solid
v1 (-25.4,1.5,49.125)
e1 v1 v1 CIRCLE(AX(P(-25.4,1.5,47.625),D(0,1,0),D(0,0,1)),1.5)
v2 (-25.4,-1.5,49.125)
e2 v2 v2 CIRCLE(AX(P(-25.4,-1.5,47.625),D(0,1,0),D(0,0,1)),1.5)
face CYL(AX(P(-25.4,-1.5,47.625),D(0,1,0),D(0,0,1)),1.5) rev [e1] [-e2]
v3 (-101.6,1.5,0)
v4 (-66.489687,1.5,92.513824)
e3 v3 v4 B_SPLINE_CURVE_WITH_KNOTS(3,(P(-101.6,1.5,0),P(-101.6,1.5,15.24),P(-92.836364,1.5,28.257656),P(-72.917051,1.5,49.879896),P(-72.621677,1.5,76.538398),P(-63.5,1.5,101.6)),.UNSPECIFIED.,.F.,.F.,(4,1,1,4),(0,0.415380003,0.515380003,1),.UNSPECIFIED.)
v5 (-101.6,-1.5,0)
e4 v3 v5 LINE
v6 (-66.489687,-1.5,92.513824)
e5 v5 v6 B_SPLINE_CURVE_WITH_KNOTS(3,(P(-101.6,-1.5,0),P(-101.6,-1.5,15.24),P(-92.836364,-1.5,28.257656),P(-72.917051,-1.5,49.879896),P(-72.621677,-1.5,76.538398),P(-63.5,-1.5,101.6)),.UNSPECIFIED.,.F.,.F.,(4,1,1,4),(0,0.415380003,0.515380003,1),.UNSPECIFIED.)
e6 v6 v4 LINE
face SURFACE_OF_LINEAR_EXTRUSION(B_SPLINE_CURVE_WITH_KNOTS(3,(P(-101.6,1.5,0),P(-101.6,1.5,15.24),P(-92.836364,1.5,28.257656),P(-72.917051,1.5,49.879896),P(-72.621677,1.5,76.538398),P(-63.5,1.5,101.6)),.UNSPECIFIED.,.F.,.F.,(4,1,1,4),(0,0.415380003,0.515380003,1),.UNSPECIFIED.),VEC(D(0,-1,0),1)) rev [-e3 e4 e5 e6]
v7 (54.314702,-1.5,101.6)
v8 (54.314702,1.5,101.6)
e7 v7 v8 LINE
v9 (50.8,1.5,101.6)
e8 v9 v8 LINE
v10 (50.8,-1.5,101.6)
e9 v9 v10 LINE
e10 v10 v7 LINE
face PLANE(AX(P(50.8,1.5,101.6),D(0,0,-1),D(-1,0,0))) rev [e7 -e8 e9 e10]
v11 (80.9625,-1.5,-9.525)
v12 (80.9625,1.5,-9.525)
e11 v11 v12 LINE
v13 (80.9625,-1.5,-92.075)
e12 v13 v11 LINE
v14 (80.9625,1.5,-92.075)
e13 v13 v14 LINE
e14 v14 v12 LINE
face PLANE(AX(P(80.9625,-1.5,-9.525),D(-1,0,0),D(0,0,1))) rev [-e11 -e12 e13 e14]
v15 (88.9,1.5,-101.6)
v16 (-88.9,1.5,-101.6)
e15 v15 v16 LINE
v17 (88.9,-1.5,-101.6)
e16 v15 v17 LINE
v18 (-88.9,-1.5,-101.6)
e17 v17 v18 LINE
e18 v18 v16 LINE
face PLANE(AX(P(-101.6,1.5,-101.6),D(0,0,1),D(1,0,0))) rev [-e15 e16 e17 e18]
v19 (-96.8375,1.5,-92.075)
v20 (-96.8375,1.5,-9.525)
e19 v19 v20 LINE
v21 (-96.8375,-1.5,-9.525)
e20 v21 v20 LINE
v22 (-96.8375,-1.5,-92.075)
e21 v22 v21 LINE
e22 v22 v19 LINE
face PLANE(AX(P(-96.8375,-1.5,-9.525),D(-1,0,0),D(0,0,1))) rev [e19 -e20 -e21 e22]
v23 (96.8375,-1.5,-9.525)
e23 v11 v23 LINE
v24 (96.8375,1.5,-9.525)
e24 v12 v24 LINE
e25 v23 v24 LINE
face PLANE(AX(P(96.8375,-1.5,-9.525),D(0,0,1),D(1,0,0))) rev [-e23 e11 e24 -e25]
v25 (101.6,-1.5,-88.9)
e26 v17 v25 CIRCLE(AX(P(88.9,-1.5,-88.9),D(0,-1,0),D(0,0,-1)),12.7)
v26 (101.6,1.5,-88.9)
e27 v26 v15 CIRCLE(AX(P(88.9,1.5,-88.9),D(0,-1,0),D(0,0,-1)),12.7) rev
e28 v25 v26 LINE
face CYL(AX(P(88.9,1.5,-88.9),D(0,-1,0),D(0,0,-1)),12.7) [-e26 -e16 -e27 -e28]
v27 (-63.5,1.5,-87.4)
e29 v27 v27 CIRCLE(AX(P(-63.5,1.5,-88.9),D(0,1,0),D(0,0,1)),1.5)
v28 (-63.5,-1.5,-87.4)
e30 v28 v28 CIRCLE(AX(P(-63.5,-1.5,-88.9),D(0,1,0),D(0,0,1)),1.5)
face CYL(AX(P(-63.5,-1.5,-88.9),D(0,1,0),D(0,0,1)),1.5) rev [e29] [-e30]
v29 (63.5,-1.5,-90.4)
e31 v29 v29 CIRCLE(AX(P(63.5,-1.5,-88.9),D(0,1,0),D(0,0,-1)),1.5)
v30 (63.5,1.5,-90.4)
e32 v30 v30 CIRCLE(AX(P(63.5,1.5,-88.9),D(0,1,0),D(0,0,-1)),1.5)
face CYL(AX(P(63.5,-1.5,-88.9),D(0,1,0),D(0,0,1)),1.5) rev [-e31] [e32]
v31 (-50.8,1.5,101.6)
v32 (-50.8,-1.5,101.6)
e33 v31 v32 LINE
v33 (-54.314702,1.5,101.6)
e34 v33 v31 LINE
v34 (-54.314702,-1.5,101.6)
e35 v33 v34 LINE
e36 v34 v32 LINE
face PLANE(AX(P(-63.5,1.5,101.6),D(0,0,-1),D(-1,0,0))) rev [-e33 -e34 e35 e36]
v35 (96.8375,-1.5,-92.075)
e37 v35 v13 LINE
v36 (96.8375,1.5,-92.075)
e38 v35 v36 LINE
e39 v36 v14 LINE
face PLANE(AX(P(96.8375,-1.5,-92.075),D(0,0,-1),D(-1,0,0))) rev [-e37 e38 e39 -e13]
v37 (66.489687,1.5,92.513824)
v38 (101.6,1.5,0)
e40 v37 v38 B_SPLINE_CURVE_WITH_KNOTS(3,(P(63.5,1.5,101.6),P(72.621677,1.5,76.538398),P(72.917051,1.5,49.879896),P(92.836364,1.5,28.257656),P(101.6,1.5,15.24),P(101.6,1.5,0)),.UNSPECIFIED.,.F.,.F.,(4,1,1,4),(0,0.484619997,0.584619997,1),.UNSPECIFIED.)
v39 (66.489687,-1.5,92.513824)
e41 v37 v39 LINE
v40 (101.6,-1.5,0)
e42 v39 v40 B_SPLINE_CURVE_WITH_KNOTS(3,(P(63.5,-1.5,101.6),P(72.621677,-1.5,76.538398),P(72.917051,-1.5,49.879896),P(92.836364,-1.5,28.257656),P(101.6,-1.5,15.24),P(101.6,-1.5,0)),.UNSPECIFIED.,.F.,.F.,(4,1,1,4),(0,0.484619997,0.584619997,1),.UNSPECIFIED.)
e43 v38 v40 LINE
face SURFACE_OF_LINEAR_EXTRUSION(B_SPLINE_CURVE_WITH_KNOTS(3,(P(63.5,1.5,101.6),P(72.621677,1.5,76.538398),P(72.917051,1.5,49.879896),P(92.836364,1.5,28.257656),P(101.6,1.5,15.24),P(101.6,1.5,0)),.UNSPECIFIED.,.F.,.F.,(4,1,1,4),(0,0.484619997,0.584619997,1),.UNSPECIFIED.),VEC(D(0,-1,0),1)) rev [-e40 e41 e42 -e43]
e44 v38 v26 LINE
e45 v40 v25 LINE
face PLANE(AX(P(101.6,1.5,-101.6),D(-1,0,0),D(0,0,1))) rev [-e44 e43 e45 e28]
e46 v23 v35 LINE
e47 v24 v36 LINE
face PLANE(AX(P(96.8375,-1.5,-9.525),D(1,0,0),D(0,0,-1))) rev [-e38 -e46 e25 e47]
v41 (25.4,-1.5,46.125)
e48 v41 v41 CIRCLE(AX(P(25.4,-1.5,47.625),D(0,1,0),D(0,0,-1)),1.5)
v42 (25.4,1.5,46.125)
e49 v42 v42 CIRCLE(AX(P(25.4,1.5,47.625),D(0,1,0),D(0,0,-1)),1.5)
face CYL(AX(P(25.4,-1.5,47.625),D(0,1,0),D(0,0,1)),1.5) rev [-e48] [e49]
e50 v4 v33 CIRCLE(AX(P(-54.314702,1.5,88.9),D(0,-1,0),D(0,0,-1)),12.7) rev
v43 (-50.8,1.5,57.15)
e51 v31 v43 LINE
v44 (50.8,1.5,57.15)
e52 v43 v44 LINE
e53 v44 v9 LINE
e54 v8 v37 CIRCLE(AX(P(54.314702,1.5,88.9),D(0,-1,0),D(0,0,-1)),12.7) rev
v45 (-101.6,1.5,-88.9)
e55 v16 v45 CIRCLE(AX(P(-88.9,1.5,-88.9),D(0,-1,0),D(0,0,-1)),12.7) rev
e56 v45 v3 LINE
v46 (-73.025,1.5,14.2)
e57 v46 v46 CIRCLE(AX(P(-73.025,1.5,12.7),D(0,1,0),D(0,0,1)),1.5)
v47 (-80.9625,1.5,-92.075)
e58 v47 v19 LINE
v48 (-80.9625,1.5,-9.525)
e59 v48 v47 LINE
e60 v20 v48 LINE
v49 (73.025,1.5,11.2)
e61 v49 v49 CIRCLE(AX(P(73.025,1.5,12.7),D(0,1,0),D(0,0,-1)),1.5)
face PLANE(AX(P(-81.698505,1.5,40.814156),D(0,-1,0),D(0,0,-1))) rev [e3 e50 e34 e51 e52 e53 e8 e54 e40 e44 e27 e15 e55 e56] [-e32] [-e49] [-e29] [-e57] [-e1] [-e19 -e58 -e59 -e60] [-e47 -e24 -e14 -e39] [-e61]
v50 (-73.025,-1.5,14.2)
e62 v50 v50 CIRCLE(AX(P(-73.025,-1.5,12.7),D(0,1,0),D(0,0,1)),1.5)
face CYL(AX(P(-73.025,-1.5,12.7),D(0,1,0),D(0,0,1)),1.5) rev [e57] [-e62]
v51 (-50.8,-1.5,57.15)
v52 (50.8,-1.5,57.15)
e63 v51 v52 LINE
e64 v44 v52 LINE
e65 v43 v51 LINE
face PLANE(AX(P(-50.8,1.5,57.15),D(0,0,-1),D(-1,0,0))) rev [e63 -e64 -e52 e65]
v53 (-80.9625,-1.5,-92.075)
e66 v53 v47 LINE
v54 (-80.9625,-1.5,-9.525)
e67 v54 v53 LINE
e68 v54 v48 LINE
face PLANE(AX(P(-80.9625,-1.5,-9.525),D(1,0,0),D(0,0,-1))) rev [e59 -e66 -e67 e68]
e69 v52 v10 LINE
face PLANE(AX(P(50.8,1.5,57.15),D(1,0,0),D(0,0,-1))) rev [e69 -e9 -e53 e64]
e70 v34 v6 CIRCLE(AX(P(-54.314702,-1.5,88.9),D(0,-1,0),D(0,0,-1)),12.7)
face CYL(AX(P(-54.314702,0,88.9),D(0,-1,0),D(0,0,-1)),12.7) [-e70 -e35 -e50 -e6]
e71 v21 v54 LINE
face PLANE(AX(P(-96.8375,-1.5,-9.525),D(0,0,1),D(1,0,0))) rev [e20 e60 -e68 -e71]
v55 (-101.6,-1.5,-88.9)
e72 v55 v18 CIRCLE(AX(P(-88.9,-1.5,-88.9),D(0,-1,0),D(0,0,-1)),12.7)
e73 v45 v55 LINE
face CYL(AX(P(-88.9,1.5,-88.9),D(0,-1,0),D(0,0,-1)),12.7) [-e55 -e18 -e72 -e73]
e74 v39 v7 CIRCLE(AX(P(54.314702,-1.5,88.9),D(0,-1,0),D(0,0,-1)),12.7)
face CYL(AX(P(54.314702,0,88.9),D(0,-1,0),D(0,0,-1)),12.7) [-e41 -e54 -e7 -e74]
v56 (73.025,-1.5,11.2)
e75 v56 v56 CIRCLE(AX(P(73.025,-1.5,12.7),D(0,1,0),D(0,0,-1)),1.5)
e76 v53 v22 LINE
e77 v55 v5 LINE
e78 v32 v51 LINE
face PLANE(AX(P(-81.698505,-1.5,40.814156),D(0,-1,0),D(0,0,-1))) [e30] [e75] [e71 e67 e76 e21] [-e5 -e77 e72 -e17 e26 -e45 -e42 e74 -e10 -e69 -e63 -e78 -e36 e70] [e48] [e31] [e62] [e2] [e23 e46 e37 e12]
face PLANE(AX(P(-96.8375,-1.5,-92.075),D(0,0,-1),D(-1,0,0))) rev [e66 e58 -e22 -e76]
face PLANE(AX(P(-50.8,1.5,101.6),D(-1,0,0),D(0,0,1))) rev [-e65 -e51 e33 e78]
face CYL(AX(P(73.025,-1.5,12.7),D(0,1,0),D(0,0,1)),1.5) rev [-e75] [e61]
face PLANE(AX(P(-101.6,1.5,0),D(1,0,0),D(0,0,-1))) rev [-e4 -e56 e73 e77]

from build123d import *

# Parameters (mm, degrees)
BOSS_EXTRUDE1_DEPTH = 1.5
SKETCH3_R           = 1.5
SKETCH3_W           = 15.875
SKETCH3_H           = 82.55
CUT_EXTRUDE1_DEPTH  = 144.715413374
FILLET1_R           = 12.7


with BuildPart() as part:
    # Sketch1 → Boss-Extrude1 (new, symmetric)
    with BuildSketch(Plane(origin=(0, 0, 0), x_dir=(1, 0, 0), z_dir=(0, 1, 0))):
        with BuildLine():
            Line((-101.6, 0), (-101.6, 101.6))
            Line((-101.6, 101.6), (101.6, 101.6))
            Line((101.6, 101.6), (101.6, 0))
            add(Edge.make_bspline(
                [(101.6, 0), (101.6, -15.24), (92.836364207, -28.257655975), (72.917051275, -49.879895788), (72.621677222, -76.538397804), (63.5, -101.6)],
                knots=[0, 0, 0, 0, 0.415380003, 0.515380003, 1, 1, 1, 1], degree=3))
            Line((63.5, -101.6), (50.8, -101.6))
            Line((50.8, -101.6), (50.8, -57.15))
            Line((50.8, -57.15), (-50.8, -57.15))
            Line((-50.8, -57.15), (-50.8, -101.6))
            Line((-50.8, -101.6), (-63.5, -101.6))
            add(Edge.make_bspline(
                [(-101.6, 0), (-101.6, -15.24), (-92.836364207, -28.257655975), (-72.917051275, -49.879895788), (-72.621677222, -76.538397804), (-63.5, -101.6)],
                knots=[0, 0, 0, 0, 0.415380003, 0.515380003, 1, 1, 1, 1], degree=3))
        make_face()
    extrude(amount=BOSS_EXTRUDE1_DEPTH, both=True)

    # Sketch3 → Cut-Extrude1 (cut, through all)
    with BuildSketch(Plane(origin=(0, 1.5, 0), x_dir=(1, 0, 0), z_dir=(0, 1, 0))):
        with Locations((-63.499999999, 88.9)):
            Circle(SKETCH3_R)
        with Locations((-73.024999999, -12.7)):
            Circle(SKETCH3_R)
        with Locations((-25.399999999, -47.625)):
            Circle(SKETCH3_R)
        with Locations((25.399999999, -47.625)):
            Circle(SKETCH3_R)
        with Locations((73.024999999, -12.7)):
            Circle(SKETCH3_R)
        with Locations((63.499999999, 88.9)):
            Circle(SKETCH3_R)
        with Locations((-88.9, 50.8)):
            Rectangle(SKETCH3_W, SKETCH3_H)
        with Locations((88.9, 50.8)):
            Rectangle(SKETCH3_W, SKETCH3_H)
    extrude(amount=-CUT_EXTRUDE1_DEPTH, mode=Mode.SUBTRACT)

    # Fillet1
    fillet1_edges = [part.edges().sort_by_distance(p)[0] for p in [
        (101.6, 0, -101.6),
        (-101.6, 0, -101.6),
        (-63.5, -0.75, 101.6),
        (63.5, -0.75, 101.6),
    ]]
    fillet(fillet1_edges, radius=FILLET1_R)


solid = part.part
